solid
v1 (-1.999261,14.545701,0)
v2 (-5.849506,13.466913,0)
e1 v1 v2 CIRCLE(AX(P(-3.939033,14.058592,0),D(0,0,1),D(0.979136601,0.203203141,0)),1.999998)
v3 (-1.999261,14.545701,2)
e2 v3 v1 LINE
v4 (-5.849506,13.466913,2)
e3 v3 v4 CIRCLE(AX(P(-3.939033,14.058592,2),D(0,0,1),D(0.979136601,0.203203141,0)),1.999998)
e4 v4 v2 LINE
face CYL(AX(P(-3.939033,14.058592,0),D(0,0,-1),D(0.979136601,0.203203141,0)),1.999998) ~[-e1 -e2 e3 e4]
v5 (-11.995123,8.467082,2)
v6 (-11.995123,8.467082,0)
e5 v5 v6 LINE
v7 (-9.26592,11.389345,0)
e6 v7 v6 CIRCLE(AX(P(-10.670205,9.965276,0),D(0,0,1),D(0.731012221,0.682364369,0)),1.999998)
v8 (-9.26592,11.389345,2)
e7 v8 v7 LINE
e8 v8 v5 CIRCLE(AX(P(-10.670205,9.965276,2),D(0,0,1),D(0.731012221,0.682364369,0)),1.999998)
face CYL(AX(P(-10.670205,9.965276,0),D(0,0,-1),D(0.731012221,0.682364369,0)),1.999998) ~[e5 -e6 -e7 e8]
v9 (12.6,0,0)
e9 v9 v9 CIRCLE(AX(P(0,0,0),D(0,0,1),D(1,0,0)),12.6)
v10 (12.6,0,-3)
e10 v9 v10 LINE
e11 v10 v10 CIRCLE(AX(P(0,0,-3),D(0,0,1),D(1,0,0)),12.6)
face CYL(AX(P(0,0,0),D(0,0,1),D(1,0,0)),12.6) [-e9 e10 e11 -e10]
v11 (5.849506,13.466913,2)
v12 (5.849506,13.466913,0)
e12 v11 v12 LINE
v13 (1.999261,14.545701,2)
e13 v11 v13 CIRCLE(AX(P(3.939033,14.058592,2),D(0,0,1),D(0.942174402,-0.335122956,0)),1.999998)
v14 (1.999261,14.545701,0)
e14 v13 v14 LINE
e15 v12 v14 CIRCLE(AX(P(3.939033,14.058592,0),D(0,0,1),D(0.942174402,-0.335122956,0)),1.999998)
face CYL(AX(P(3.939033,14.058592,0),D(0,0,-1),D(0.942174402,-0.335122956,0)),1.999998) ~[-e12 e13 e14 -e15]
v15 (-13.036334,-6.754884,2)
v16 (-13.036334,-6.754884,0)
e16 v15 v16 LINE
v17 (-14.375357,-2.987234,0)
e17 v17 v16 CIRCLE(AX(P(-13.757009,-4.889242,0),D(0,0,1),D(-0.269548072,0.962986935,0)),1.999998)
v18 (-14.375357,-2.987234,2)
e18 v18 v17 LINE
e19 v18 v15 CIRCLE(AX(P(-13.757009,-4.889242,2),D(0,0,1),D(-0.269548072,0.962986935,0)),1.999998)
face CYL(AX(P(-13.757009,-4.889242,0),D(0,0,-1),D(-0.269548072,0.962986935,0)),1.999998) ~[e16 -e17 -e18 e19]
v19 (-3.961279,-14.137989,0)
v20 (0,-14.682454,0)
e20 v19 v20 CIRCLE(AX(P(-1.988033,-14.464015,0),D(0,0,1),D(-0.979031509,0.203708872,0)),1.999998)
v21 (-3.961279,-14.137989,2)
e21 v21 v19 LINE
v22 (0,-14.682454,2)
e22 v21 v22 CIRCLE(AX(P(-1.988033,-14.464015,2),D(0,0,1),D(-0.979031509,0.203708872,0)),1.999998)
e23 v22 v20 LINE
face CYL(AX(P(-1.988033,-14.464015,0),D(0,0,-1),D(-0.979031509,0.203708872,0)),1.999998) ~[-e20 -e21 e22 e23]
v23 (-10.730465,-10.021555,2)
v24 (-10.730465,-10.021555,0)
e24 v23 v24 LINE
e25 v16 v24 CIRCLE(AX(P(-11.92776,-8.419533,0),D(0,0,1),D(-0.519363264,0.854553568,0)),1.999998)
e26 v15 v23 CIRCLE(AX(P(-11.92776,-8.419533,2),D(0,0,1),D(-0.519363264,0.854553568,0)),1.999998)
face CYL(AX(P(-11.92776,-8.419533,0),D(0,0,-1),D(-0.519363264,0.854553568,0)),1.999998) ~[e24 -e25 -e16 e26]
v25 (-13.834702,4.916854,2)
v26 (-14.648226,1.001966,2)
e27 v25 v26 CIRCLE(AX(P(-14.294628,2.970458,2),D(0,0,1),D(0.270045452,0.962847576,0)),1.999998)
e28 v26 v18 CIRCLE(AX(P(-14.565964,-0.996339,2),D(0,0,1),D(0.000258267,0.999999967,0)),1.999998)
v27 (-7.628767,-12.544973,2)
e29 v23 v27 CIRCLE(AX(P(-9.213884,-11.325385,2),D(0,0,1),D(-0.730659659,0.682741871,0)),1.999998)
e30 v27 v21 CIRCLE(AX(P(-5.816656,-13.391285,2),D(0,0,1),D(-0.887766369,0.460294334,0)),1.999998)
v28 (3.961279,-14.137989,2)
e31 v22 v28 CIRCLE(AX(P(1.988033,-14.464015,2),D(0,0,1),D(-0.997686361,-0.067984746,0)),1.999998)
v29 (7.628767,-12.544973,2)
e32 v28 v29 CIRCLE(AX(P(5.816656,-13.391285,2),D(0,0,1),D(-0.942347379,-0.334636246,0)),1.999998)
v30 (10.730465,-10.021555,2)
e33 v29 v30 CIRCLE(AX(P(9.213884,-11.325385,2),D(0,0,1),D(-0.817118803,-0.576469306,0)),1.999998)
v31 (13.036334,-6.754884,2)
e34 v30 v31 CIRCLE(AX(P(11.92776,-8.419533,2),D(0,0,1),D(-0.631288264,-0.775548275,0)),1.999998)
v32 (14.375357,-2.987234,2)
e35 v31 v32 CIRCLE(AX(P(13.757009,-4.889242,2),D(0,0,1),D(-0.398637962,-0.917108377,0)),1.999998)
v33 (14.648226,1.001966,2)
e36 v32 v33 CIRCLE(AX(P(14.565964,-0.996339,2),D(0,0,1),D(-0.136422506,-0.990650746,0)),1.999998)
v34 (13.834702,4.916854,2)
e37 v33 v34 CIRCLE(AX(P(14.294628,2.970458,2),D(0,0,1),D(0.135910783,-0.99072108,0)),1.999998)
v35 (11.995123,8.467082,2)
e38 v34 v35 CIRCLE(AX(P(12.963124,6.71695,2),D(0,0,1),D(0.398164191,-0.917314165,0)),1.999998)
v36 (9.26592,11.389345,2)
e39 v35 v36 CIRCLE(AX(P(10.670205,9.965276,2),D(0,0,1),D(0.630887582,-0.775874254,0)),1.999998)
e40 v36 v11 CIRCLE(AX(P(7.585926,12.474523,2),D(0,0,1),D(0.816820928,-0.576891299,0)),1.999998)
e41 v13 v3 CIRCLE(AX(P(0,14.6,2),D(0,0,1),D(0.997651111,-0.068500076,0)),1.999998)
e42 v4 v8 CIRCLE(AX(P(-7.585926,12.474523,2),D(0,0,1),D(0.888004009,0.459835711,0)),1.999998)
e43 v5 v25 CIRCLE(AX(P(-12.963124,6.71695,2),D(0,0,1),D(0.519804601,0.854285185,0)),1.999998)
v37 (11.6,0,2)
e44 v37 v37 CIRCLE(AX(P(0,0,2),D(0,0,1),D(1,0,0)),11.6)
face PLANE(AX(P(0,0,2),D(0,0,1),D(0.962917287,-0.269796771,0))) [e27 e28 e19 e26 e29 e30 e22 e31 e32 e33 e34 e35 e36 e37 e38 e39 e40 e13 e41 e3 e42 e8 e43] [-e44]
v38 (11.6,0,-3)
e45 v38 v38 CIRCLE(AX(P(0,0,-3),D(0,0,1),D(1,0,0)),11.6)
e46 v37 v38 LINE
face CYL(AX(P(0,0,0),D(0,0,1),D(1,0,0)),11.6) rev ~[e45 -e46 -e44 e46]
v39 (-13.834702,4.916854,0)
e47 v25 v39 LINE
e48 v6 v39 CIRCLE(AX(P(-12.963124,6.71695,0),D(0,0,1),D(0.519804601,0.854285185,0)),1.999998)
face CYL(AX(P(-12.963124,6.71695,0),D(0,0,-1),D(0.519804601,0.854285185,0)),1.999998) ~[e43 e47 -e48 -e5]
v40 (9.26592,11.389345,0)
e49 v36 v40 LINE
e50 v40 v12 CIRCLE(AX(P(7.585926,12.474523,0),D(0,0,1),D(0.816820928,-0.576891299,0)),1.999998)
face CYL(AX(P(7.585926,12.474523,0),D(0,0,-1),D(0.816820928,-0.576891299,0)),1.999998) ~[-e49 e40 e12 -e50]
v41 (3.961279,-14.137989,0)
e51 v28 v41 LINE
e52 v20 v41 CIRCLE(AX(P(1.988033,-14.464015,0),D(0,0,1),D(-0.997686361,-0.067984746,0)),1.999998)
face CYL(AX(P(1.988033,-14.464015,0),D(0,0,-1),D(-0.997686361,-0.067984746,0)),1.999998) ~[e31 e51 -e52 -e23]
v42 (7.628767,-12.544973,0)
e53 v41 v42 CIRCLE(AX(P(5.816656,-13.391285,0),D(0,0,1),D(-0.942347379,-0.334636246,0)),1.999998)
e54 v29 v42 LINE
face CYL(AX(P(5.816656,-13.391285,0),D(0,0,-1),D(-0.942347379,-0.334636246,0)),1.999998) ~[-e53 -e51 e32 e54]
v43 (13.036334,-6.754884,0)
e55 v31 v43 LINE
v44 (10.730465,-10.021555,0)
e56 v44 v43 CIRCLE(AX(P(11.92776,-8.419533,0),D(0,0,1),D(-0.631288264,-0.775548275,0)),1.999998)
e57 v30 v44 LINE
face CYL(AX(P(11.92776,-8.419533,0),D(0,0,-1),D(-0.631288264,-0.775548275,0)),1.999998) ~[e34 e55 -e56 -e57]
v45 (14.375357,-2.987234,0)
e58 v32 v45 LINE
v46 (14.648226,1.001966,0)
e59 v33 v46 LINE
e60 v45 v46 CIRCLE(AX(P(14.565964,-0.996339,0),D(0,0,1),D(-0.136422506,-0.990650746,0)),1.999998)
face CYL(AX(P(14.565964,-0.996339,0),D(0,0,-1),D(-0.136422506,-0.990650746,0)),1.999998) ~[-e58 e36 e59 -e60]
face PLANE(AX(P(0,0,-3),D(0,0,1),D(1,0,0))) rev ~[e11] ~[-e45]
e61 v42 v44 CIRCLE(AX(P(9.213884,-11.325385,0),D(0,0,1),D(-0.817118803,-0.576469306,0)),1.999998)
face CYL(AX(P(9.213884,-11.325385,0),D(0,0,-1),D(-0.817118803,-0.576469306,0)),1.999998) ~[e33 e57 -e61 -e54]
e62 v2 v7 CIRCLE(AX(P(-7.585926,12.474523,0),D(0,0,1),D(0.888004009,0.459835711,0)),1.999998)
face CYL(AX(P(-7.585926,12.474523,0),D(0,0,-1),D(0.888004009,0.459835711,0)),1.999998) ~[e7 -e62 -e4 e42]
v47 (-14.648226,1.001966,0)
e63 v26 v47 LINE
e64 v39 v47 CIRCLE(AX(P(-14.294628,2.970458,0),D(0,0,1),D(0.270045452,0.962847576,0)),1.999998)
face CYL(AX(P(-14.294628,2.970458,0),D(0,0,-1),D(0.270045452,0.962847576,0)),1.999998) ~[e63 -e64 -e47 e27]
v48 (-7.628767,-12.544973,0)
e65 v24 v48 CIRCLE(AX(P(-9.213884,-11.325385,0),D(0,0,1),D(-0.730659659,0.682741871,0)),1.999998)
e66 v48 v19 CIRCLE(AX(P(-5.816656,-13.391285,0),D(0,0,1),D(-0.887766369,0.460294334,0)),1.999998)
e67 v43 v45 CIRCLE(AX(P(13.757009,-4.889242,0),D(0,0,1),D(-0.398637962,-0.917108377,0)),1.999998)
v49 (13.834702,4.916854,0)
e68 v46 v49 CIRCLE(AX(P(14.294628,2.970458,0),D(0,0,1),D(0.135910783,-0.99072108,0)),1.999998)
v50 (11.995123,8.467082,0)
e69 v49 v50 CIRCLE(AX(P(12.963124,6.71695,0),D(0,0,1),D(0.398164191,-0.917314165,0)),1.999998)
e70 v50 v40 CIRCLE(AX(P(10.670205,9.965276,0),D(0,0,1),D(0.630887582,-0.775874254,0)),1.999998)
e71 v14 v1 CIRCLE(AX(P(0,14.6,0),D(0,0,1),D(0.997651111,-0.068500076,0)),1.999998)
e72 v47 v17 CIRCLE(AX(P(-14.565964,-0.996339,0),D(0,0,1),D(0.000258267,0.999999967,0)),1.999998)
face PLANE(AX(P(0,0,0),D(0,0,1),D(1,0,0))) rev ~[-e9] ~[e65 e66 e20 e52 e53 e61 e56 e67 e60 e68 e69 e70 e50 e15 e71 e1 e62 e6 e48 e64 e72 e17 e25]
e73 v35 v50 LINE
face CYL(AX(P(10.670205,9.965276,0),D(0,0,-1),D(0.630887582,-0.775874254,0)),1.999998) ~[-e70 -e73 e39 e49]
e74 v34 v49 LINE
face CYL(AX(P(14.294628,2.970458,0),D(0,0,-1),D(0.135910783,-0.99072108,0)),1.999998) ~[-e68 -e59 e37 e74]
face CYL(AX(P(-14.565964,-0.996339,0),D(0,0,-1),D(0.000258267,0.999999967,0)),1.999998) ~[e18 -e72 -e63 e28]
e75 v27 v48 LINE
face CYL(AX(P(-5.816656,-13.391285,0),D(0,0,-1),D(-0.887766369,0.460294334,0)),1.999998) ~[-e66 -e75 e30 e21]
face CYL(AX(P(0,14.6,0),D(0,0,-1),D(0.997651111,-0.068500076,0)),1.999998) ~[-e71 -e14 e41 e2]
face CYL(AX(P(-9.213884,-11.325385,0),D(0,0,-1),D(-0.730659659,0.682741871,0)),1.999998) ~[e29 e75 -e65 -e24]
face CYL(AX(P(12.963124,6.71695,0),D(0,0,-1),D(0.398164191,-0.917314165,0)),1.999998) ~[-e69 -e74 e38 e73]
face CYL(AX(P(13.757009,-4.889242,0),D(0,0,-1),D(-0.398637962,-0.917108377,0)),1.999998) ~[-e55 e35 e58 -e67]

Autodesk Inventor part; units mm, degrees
ref_plane "YZ Plane" through (0, 0, 0) normal (1, 0, 0) x (0, 1, 0)
ref_plane "XZ Plane" through (0, 0, 0) normal (0, 1, 0) x (-1, 0, 0)
sketch "Sketch1" plane through (0, 0, 0) normal (0, 0, 1) x (1, 0, 0)
  circle A0 centre (0, 0) radius 12.85
  line L0 (16.8, 24.9006) -> (-16.8, 24.9006) projected
  line L1 (-16.8, 24.9006) -> (-16.8, 21.2406) projected
  line L2 (-16.8, 21.2406) -> (-21.2406, 16.8) projected
  line L3 (-21.2406, 16.8) -> (-24.9006, 16.8) projected
  line L4 (-24.9006, 16.8) -> (-24.9006, -16.8) projected
  line L5 (-24.9006, -16.8) -> (-21.2406, -16.8) projected
  line L6 (-21.2406, -16.8) -> (-16.8, -21.2406) projected
  line L7 (-16.8, -21.2406) -> (-16.8, -24.9006) projected
  line L8 (-16.8, -24.9006) -> (16.8, -24.9006) projected
  line L9 (16.8, -24.9006) -> (16.8, -21.2406) projected
  line L10 (16.8, -21.2406) -> (21.2406, -16.8) projected
  line L11 (21.2406, -16.8) -> (24.9006, -16.8) projected
  line L12 (24.9006, -16.8) -> (24.9006, 16.8) projected
  line L13 (24.9006, 16.8) -> (21.2406, 16.8) projected
  line L14 (21.2406, 16.8) -> (16.8, 21.2406) projected
  line L15 (16.8, 21.2406) -> (16.8, 24.9006) projected
  circle A1 centre (0, 0) radius 12.6
  circle A2 centre (0, 0) radius 11.6
  point P0 (0, 0)
  dimension "d0" = 0.25
  dimension "d1" = 1
  dimension "d11" = 25.7
ref_plane "Work Plane1" through (-13.5, -13.5, -4) normal (0, 0, 1) x (1, 0, 0)
extrude "Extrusion1" add sketch "Sketch1" against normal blind 3 contours A1
sketch "Sketch2" plane through (0, 0, 0) normal (0, 0, 1) x (1, 0, 0)
  circle A0 centre (0, 0) radius 11.6 projected
  circle A1 centre (0, 0) radius 14.6
  line L0 (0, -21.12) -> (0, 23.12) construction
  arc A2 (1.9953, 14.463) -> (-1.9953, 14.463) centre (0, 14.6) ccw
  point P0 (0, 0)
  dimension "d4" = 3
  dimension "d5" = 2
extrude "Extrusion2" add sketch "Sketch2" along normal blind 2
pattern_circular "Circular Pattern1" count 23 over 360 about axis through (0, 0, -10) along (0, 0, 1) of "Extrusion2"
properties part number "20_Lens_holder_clamp"
